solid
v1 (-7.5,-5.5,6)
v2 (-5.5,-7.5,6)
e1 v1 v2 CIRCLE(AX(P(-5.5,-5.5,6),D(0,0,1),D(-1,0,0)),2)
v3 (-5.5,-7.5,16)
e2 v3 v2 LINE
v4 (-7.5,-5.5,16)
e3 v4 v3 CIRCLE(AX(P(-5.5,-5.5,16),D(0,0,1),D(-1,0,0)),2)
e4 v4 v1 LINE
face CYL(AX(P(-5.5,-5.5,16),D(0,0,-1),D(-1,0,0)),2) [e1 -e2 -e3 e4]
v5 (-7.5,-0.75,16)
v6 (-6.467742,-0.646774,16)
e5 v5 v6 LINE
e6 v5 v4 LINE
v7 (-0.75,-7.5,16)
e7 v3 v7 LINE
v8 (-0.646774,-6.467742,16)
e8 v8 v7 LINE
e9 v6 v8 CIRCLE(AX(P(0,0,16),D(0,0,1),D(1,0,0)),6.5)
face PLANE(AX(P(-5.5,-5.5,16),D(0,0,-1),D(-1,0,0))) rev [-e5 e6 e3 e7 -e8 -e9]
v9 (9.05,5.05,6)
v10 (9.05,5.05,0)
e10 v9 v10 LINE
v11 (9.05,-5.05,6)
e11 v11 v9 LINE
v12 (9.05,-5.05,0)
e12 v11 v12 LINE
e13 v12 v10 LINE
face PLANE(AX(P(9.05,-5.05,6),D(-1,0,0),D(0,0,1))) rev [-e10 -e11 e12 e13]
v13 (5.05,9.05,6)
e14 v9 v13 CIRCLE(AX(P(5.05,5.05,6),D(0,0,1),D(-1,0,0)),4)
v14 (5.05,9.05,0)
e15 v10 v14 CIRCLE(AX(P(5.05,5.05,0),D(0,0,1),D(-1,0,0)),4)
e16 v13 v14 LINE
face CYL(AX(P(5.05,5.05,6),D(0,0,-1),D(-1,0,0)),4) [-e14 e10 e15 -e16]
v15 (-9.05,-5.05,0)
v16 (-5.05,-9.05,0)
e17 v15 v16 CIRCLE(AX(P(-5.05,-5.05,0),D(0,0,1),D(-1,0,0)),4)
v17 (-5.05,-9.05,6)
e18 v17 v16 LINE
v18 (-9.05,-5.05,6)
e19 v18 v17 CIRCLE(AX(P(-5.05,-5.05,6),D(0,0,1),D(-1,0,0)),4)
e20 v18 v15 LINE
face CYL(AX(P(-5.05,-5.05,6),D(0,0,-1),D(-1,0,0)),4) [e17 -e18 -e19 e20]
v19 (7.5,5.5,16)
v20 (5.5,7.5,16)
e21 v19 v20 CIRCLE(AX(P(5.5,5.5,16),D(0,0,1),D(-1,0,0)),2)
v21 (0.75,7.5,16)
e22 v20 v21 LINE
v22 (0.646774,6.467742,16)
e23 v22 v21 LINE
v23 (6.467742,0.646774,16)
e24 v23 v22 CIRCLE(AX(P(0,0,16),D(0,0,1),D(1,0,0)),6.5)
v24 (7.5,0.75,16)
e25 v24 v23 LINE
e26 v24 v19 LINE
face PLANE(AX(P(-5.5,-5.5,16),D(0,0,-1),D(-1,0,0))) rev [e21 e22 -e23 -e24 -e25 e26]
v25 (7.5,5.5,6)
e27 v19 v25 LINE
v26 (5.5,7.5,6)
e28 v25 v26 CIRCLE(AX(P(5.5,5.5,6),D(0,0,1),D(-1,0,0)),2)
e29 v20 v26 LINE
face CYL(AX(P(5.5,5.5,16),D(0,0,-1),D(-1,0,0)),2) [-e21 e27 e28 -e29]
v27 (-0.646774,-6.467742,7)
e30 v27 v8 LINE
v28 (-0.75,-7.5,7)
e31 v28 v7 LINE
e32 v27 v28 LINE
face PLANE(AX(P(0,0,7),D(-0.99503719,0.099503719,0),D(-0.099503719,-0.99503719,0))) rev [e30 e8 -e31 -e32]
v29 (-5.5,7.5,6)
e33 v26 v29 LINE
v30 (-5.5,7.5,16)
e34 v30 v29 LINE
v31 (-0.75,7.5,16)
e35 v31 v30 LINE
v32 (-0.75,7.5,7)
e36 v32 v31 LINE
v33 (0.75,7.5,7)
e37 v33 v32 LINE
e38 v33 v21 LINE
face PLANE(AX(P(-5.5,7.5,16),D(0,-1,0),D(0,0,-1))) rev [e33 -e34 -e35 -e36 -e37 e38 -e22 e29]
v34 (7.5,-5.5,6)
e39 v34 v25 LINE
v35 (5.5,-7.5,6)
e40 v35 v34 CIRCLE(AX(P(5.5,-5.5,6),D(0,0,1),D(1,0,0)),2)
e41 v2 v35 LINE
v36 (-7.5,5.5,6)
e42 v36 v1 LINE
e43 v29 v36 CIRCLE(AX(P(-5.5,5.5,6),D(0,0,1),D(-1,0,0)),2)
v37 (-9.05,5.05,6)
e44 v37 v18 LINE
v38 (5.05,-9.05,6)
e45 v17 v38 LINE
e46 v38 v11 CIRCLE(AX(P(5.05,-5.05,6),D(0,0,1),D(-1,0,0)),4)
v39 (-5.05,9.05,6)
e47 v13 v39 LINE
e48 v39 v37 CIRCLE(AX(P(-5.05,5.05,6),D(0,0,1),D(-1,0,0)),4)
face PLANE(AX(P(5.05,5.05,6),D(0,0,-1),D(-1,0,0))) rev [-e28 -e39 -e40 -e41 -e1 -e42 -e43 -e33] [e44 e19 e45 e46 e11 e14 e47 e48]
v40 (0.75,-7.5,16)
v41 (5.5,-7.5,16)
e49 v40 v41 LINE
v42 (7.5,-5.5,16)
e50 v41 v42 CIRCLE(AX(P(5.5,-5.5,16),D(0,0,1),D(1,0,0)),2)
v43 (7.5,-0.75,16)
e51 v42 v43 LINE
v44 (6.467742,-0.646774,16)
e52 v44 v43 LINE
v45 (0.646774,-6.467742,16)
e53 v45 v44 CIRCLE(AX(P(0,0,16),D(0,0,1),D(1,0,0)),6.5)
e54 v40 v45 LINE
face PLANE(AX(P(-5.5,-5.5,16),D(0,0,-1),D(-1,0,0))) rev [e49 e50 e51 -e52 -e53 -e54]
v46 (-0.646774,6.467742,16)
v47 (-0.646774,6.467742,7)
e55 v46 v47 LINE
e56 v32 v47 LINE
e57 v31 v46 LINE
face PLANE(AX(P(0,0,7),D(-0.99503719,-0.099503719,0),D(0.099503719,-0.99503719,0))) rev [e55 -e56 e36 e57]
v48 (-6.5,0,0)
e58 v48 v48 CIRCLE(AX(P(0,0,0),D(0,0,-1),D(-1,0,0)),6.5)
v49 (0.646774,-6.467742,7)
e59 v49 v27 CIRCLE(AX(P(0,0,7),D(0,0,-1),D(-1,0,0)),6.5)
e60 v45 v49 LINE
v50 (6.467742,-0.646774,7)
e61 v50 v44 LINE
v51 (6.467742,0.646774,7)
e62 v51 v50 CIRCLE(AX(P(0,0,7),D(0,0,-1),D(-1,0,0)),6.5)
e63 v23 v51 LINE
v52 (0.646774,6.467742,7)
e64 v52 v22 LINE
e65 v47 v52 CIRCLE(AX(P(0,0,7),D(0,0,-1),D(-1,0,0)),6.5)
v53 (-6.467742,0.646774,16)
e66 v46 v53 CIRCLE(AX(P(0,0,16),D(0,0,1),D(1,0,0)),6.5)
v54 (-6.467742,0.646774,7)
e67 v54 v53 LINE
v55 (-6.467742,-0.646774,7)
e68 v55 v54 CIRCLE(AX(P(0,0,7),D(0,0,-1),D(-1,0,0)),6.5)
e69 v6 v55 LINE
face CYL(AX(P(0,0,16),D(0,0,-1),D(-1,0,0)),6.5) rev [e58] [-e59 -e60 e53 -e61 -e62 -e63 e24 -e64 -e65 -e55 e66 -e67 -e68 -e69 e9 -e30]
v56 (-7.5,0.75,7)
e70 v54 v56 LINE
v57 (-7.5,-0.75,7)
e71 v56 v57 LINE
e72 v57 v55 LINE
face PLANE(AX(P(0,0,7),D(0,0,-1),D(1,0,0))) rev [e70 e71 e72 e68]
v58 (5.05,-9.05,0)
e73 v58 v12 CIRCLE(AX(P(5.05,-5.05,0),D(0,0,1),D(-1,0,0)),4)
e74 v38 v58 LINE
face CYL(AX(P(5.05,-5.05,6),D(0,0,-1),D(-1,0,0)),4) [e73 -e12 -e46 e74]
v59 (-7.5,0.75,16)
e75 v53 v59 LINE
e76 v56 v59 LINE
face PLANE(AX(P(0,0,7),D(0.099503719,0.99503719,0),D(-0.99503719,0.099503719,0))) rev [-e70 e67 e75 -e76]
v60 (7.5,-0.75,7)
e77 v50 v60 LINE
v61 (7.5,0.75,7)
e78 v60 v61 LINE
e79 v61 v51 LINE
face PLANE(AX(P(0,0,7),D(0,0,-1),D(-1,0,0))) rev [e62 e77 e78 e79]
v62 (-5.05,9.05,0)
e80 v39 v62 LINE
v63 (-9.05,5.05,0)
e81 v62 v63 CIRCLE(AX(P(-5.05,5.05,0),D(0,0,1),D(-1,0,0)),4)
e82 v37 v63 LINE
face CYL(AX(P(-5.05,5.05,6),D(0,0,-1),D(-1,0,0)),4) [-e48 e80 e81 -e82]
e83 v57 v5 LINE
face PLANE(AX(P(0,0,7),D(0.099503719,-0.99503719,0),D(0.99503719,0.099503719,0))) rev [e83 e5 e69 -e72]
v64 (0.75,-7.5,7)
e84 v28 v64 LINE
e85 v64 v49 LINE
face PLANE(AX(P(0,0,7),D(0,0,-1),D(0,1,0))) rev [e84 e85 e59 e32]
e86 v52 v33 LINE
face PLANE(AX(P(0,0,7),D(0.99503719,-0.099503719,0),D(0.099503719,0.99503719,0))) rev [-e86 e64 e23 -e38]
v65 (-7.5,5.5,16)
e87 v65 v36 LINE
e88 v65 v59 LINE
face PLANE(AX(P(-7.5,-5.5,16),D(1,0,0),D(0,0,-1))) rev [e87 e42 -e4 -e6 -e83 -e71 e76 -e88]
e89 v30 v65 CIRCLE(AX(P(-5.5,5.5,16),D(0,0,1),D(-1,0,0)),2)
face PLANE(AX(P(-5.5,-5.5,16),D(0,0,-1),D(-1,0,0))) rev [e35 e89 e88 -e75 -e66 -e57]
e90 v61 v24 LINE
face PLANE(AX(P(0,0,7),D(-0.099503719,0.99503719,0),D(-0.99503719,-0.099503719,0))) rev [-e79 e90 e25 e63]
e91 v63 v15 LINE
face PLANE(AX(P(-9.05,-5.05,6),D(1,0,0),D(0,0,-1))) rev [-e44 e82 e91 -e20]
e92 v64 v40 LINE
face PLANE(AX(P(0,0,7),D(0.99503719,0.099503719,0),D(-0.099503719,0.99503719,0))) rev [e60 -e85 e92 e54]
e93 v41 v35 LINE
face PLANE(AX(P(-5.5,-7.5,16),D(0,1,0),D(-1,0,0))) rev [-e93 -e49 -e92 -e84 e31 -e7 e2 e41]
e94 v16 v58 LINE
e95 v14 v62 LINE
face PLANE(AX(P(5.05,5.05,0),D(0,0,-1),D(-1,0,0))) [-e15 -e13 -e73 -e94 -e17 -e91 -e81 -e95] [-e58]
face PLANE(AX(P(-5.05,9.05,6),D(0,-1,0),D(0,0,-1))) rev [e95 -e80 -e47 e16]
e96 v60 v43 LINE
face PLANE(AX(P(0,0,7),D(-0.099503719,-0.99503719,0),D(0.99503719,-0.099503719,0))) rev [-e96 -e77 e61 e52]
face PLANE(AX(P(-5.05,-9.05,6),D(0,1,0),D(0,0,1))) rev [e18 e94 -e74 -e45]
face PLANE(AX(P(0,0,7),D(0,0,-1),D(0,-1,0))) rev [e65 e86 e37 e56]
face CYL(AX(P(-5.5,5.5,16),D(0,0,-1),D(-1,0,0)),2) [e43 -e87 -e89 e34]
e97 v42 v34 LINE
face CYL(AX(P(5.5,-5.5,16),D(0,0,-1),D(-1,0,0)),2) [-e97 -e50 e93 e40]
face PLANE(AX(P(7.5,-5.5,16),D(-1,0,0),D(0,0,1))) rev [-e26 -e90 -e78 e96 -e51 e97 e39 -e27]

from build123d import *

# Parameters (mm, degrees)
BOSS_EXTRUDE1_DEPTH = 6
SKETCH3_R           = 6.5
BOSS_EXTRUDE2_DEPTH = 10
CUT_EXTRUDE1_DEPTH  = 9
CIRPATTERN1_COUNT   = 4
SKETCH5_R           = 6.5
CUT_EXTRUDE2_DEPTH  = 30


with BuildPart() as part:
    # Sketch1 → Boss-Extrude1 (new body)
    with BuildSketch(Plane.XY):
        with BuildLine():
            Line((-5.05, 9.05), (5.05, 9.05))
            ThreePointArc((5.05, 9.05), (7.878427125, 7.878427125), (9.05, 5.05))
            Line((9.05, 5.05), (9.05, -5.05))
            ThreePointArc((9.05, -5.05), (7.878427125, -7.878427125), (5.05, -9.05))
            Line((5.05, -9.05), (-5.05, -9.05))
            ThreePointArc((-5.05, -9.05), (-7.878427125, -7.878427125), (-9.05, -5.05))
            Line((-9.05, -5.05), (-9.05, 5.05))
            ThreePointArc((-9.05, 5.05), (-7.878427125, 7.878427125), (-5.05, 9.05))
        make_face()
    extrude(amount=BOSS_EXTRUDE1_DEPTH)

    # Sketch3 → Boss-Extrude2 (add)
    with BuildSketch(Plane.XY.offset(6)):
        with BuildLine():
            Line((-5.5, -7.5), (5.5, -7.5))
            ThreePointArc((5.5, -7.5), (6.914213562, -6.914213562), (7.5, -5.5))
            Line((7.5, -5.5), (7.5, 5.5))
            ThreePointArc((7.5, 5.5), (6.914213562, 6.914213562), (5.5, 7.5))
            Line((5.5, 7.5), (-5.5, 7.5))
            ThreePointArc((-5.5, 7.5), (-6.914213562, 6.914213562), (-7.5, 5.5))
            Line((-7.5, 5.5), (-7.5, -5.5))
            ThreePointArc((-7.5, -5.5), (-6.914213562, -6.914213562), (-5.5, -7.5))
        make_face()
        Circle(SKETCH3_R, mode=Mode.SUBTRACT)
    extrude(amount=BOSS_EXTRUDE2_DEPTH)

    # Sketch4 → Cut-Extrude1 (cut)
    with BuildSketch(Plane.XY.offset(16)):
        Polygon((0, 0), (7.5, 0.75), (7.5, -0.75), align=None)
    cut_extrude1 = extrude(amount=-CUT_EXTRUDE1_DEPTH, mode=Mode.SUBTRACT)

    # CirPattern1: Cut-Extrude1 ×4 about axis
    cirpattern1_axis = Axis((0, 0, 16), (0, 0, -1))
    for i in range(1, CIRPATTERN1_COUNT):
        add(cut_extrude1.rotate(cirpattern1_axis, i * 360 / CIRPATTERN1_COUNT), mode=Mode.SUBTRACT)

    # Sketch5 → Cut-Extrude2 (cut, symmetric)
    with BuildSketch(Plane.XY):
        with Locations(Location((0, 0, 0), (0, 0, 180))):
            Circle(SKETCH5_R)
    extrude(amount=CUT_EXTRUDE2_DEPTH, both=True, mode=Mode.SUBTRACT)


solid = part.part
